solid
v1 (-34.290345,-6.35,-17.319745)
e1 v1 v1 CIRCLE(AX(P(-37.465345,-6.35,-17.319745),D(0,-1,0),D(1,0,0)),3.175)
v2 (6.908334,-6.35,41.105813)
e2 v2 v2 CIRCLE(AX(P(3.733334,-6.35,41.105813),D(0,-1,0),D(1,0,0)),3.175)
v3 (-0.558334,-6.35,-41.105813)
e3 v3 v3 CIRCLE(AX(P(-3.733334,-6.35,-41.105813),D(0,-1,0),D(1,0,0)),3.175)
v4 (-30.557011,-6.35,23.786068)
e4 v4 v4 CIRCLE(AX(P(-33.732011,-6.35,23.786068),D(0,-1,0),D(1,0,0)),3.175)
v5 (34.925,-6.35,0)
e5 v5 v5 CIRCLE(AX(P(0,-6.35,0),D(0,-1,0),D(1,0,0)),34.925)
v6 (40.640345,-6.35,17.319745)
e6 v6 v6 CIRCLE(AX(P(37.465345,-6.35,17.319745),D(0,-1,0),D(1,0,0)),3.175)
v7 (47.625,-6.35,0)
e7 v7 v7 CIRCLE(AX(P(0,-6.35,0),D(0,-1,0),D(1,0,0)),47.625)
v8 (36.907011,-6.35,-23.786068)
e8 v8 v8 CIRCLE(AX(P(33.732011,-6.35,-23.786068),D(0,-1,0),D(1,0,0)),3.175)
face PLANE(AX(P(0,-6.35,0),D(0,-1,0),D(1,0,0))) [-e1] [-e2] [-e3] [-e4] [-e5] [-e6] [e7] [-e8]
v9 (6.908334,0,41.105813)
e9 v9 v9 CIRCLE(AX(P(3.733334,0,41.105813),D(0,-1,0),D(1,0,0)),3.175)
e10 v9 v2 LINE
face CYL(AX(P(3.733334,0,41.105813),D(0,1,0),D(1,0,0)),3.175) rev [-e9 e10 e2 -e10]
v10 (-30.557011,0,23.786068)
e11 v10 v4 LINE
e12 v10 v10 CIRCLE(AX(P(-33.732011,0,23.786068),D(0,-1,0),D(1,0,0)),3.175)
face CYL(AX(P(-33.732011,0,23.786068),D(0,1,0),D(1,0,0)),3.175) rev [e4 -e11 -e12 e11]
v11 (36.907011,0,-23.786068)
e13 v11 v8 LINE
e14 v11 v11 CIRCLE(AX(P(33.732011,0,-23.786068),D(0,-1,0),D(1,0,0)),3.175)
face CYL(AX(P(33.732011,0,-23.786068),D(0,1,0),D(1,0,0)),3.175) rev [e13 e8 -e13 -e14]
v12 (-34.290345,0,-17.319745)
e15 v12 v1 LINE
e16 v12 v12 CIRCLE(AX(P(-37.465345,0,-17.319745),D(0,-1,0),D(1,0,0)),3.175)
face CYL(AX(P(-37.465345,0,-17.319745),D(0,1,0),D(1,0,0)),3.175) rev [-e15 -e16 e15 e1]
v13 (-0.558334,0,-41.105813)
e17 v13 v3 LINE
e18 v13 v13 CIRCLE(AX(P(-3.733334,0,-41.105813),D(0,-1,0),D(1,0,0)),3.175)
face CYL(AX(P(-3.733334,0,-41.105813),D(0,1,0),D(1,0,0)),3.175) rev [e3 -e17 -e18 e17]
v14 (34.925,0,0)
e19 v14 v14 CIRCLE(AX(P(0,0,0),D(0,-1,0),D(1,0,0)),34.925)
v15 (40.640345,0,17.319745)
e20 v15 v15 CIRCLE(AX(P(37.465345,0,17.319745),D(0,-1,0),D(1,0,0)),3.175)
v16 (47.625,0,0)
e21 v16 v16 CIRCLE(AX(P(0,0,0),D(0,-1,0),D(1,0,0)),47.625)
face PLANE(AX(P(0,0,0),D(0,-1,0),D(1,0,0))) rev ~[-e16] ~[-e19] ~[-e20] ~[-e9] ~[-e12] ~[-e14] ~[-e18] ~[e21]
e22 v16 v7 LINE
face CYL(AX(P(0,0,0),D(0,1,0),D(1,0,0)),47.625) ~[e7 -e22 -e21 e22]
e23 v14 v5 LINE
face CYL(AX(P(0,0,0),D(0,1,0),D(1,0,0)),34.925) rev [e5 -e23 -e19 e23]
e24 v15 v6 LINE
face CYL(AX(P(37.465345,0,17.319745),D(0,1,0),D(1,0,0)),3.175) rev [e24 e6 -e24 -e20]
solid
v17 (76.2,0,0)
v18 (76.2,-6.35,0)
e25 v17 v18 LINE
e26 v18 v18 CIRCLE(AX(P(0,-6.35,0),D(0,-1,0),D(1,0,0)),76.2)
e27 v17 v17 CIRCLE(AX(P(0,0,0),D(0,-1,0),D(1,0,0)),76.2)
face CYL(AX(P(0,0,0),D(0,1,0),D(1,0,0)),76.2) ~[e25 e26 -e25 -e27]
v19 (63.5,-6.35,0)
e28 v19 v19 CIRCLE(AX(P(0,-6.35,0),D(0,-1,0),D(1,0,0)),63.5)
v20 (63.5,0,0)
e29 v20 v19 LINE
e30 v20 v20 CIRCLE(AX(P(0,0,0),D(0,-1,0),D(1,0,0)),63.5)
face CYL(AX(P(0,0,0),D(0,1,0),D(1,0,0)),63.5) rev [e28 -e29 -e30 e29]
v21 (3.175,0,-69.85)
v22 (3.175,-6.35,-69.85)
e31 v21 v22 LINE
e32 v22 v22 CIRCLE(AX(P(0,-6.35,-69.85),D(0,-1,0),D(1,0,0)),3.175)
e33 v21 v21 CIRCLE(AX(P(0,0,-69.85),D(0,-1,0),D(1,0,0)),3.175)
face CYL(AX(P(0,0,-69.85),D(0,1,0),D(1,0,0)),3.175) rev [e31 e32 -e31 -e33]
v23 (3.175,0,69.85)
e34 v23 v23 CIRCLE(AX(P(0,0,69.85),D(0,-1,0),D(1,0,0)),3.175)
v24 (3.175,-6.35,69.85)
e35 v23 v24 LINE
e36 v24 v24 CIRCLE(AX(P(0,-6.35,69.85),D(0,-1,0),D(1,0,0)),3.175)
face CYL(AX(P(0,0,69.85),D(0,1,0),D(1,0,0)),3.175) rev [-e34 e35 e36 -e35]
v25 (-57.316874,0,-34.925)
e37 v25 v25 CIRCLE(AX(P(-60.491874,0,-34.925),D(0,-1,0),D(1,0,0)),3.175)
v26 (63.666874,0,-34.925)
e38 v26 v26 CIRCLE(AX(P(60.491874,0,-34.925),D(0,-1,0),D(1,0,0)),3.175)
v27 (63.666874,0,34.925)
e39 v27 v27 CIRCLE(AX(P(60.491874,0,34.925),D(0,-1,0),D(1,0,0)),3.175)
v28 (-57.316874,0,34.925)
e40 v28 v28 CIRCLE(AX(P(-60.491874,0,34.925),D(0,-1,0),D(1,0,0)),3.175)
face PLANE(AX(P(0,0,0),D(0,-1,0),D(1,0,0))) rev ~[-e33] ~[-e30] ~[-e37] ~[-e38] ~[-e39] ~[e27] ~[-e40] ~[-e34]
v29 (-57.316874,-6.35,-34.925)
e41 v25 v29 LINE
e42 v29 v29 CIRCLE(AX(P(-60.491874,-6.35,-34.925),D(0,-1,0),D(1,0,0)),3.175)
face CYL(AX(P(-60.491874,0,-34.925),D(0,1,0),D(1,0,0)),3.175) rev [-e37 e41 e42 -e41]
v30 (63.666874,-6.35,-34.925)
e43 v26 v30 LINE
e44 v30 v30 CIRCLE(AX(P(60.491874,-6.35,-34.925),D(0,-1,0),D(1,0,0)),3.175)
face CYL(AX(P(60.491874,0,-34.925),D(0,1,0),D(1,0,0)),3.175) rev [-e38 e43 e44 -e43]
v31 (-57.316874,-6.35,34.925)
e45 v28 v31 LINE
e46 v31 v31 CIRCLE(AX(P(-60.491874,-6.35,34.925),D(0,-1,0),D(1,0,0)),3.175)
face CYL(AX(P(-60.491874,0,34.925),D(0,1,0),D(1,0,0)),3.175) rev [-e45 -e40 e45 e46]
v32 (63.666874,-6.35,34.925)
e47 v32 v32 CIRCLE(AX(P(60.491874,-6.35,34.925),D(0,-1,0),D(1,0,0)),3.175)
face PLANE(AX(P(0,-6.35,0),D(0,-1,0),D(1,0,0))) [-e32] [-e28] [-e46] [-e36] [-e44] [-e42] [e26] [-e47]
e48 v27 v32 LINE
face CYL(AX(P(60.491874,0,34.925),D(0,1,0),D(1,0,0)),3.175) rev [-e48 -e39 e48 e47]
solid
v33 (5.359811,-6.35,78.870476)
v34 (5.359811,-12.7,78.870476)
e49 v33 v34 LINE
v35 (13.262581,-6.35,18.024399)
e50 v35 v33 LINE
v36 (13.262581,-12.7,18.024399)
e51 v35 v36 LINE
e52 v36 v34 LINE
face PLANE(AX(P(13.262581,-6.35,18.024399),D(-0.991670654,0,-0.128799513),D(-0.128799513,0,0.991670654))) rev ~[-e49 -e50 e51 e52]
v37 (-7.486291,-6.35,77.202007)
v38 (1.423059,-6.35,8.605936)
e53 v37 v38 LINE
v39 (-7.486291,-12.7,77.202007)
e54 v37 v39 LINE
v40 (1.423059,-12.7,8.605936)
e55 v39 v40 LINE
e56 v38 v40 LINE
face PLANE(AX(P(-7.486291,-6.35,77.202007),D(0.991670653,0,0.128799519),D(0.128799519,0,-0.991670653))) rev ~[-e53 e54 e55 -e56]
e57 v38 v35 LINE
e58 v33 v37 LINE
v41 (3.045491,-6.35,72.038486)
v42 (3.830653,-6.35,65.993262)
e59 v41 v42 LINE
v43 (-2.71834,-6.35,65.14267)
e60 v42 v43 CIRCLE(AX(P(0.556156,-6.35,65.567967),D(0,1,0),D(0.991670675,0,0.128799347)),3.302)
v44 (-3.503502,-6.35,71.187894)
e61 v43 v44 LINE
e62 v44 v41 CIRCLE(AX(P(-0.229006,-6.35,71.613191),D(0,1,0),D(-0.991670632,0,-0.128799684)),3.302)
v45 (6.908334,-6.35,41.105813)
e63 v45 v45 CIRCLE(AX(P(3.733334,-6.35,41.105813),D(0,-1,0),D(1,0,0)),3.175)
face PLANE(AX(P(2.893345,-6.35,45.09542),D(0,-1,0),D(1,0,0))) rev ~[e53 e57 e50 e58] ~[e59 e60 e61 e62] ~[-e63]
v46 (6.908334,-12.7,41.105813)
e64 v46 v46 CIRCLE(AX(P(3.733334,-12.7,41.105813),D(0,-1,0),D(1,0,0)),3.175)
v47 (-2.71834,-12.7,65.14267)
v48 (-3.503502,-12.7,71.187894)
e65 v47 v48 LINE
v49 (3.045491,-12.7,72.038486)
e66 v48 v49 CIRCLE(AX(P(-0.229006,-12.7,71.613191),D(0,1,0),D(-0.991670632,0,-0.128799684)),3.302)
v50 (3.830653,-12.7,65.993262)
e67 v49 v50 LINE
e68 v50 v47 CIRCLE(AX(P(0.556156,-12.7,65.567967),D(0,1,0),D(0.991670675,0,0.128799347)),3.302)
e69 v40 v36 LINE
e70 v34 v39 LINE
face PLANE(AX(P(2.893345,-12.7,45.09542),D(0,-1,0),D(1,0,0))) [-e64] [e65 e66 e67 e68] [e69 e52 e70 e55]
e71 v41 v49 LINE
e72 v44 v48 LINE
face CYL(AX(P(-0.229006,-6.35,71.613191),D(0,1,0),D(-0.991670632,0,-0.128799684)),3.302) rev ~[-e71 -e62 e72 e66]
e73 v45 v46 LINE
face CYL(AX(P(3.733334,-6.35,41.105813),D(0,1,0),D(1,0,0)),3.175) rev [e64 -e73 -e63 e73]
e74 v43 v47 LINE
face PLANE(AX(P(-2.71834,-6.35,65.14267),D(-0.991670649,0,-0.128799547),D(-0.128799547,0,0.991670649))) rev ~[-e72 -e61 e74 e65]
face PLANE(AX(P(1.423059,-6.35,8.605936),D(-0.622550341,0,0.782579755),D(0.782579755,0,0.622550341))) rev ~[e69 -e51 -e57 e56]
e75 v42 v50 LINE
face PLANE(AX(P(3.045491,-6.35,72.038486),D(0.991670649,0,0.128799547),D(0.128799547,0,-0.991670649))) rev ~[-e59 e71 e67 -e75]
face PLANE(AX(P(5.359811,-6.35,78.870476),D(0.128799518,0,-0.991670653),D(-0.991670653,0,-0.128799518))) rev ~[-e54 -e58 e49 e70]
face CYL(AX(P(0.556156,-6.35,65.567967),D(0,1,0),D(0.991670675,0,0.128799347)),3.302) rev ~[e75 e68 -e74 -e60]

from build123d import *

# Parameters (mm, degrees)
F0_R     = 76.2
F0_R_2   = 3.175
F0_R_3   = 63.5
F1_DEPTH = 6.35
F2_R     = 47.625
F2_R_2   = 3.175
F2_R_3   = 34.925
F3_DEPTH = 6.35
F4_R     = 3.175
F5_DEPTH = 6.35


with BuildPart() as f1:
    # F0 (on Front) → F1 (new body)
    with BuildSketch(Plane.XZ):
        Circle(F0_R)
        with Locations((-60.491874, -34.925)):
            Circle(F0_R_2, mode=Mode.SUBTRACT)
        with Locations((0, -69.85)):
            Circle(F0_R_2, mode=Mode.SUBTRACT)
        with Locations((60.491874, -34.925)):
            Circle(F0_R_2, mode=Mode.SUBTRACT)
        with Locations((-60.491874, 34.925)):
            Circle(F0_R_2, mode=Mode.SUBTRACT)
        Circle(F0_R_3, mode=Mode.SUBTRACT)
        with Locations((60.491874, 34.925)):
            Circle(F0_R_2, mode=Mode.SUBTRACT)
        with Locations((0, 69.85)):
            Circle(F0_R_2, mode=Mode.SUBTRACT)
    extrude(amount=F1_DEPTH)


with BuildPart() as f3:
    # F2 (on Front) → F3 (new body)
    with BuildSketch(Plane.XZ):
        Circle(F2_R)
        with Locations((-3.733334, -41.105813)):
            Circle(F2_R_2, mode=Mode.SUBTRACT)
        with Locations((-37.465345, -17.319745)):
            Circle(F2_R_2, mode=Mode.SUBTRACT)
        with Locations((33.732011, -23.786068)):
            Circle(F2_R_2, mode=Mode.SUBTRACT)
        with Locations((-33.732011, 23.786068)):
            Circle(F2_R_2, mode=Mode.SUBTRACT)
        Circle(F2_R_3, mode=Mode.SUBTRACT)
        with Locations((37.465345, 17.319745)):
            Circle(F2_R_2, mode=Mode.SUBTRACT)
        with Locations((3.733334, 41.105813)):
            Circle(F2_R_2, mode=Mode.SUBTRACT)
    extrude(amount=F3_DEPTH)


with BuildPart() as f5:
    # F4 (on face) → F5 (new body)
    with BuildSketch(Plane.XZ.offset(6.35)):
        Polygon((5.359811, 78.870476), (-7.486291, 77.202007), (1.423059, 8.605936), (13.262581, 18.024399), align=None)
        with Locations((3.733334, 41.105813)):
            Circle(F4_R, mode=Mode.SUBTRACT)
        with BuildLine():
            ThreePointArc((-3.503502, 71.187894), (-0.654302, 74.887687), (3.045491, 72.038486))
            Line((3.045491, 72.038486), (3.830653, 65.993262))
            ThreePointArc((3.830653, 65.993262), (0.981452, 62.29347), (-2.71834, 65.14267))
            Line((-2.71834, 65.14267), (-3.503502, 71.187894))
        make_face(mode=Mode.SUBTRACT)
    extrude(amount=F5_DEPTH)


solid = Compound([f1.part, f3.part, f5.part])
